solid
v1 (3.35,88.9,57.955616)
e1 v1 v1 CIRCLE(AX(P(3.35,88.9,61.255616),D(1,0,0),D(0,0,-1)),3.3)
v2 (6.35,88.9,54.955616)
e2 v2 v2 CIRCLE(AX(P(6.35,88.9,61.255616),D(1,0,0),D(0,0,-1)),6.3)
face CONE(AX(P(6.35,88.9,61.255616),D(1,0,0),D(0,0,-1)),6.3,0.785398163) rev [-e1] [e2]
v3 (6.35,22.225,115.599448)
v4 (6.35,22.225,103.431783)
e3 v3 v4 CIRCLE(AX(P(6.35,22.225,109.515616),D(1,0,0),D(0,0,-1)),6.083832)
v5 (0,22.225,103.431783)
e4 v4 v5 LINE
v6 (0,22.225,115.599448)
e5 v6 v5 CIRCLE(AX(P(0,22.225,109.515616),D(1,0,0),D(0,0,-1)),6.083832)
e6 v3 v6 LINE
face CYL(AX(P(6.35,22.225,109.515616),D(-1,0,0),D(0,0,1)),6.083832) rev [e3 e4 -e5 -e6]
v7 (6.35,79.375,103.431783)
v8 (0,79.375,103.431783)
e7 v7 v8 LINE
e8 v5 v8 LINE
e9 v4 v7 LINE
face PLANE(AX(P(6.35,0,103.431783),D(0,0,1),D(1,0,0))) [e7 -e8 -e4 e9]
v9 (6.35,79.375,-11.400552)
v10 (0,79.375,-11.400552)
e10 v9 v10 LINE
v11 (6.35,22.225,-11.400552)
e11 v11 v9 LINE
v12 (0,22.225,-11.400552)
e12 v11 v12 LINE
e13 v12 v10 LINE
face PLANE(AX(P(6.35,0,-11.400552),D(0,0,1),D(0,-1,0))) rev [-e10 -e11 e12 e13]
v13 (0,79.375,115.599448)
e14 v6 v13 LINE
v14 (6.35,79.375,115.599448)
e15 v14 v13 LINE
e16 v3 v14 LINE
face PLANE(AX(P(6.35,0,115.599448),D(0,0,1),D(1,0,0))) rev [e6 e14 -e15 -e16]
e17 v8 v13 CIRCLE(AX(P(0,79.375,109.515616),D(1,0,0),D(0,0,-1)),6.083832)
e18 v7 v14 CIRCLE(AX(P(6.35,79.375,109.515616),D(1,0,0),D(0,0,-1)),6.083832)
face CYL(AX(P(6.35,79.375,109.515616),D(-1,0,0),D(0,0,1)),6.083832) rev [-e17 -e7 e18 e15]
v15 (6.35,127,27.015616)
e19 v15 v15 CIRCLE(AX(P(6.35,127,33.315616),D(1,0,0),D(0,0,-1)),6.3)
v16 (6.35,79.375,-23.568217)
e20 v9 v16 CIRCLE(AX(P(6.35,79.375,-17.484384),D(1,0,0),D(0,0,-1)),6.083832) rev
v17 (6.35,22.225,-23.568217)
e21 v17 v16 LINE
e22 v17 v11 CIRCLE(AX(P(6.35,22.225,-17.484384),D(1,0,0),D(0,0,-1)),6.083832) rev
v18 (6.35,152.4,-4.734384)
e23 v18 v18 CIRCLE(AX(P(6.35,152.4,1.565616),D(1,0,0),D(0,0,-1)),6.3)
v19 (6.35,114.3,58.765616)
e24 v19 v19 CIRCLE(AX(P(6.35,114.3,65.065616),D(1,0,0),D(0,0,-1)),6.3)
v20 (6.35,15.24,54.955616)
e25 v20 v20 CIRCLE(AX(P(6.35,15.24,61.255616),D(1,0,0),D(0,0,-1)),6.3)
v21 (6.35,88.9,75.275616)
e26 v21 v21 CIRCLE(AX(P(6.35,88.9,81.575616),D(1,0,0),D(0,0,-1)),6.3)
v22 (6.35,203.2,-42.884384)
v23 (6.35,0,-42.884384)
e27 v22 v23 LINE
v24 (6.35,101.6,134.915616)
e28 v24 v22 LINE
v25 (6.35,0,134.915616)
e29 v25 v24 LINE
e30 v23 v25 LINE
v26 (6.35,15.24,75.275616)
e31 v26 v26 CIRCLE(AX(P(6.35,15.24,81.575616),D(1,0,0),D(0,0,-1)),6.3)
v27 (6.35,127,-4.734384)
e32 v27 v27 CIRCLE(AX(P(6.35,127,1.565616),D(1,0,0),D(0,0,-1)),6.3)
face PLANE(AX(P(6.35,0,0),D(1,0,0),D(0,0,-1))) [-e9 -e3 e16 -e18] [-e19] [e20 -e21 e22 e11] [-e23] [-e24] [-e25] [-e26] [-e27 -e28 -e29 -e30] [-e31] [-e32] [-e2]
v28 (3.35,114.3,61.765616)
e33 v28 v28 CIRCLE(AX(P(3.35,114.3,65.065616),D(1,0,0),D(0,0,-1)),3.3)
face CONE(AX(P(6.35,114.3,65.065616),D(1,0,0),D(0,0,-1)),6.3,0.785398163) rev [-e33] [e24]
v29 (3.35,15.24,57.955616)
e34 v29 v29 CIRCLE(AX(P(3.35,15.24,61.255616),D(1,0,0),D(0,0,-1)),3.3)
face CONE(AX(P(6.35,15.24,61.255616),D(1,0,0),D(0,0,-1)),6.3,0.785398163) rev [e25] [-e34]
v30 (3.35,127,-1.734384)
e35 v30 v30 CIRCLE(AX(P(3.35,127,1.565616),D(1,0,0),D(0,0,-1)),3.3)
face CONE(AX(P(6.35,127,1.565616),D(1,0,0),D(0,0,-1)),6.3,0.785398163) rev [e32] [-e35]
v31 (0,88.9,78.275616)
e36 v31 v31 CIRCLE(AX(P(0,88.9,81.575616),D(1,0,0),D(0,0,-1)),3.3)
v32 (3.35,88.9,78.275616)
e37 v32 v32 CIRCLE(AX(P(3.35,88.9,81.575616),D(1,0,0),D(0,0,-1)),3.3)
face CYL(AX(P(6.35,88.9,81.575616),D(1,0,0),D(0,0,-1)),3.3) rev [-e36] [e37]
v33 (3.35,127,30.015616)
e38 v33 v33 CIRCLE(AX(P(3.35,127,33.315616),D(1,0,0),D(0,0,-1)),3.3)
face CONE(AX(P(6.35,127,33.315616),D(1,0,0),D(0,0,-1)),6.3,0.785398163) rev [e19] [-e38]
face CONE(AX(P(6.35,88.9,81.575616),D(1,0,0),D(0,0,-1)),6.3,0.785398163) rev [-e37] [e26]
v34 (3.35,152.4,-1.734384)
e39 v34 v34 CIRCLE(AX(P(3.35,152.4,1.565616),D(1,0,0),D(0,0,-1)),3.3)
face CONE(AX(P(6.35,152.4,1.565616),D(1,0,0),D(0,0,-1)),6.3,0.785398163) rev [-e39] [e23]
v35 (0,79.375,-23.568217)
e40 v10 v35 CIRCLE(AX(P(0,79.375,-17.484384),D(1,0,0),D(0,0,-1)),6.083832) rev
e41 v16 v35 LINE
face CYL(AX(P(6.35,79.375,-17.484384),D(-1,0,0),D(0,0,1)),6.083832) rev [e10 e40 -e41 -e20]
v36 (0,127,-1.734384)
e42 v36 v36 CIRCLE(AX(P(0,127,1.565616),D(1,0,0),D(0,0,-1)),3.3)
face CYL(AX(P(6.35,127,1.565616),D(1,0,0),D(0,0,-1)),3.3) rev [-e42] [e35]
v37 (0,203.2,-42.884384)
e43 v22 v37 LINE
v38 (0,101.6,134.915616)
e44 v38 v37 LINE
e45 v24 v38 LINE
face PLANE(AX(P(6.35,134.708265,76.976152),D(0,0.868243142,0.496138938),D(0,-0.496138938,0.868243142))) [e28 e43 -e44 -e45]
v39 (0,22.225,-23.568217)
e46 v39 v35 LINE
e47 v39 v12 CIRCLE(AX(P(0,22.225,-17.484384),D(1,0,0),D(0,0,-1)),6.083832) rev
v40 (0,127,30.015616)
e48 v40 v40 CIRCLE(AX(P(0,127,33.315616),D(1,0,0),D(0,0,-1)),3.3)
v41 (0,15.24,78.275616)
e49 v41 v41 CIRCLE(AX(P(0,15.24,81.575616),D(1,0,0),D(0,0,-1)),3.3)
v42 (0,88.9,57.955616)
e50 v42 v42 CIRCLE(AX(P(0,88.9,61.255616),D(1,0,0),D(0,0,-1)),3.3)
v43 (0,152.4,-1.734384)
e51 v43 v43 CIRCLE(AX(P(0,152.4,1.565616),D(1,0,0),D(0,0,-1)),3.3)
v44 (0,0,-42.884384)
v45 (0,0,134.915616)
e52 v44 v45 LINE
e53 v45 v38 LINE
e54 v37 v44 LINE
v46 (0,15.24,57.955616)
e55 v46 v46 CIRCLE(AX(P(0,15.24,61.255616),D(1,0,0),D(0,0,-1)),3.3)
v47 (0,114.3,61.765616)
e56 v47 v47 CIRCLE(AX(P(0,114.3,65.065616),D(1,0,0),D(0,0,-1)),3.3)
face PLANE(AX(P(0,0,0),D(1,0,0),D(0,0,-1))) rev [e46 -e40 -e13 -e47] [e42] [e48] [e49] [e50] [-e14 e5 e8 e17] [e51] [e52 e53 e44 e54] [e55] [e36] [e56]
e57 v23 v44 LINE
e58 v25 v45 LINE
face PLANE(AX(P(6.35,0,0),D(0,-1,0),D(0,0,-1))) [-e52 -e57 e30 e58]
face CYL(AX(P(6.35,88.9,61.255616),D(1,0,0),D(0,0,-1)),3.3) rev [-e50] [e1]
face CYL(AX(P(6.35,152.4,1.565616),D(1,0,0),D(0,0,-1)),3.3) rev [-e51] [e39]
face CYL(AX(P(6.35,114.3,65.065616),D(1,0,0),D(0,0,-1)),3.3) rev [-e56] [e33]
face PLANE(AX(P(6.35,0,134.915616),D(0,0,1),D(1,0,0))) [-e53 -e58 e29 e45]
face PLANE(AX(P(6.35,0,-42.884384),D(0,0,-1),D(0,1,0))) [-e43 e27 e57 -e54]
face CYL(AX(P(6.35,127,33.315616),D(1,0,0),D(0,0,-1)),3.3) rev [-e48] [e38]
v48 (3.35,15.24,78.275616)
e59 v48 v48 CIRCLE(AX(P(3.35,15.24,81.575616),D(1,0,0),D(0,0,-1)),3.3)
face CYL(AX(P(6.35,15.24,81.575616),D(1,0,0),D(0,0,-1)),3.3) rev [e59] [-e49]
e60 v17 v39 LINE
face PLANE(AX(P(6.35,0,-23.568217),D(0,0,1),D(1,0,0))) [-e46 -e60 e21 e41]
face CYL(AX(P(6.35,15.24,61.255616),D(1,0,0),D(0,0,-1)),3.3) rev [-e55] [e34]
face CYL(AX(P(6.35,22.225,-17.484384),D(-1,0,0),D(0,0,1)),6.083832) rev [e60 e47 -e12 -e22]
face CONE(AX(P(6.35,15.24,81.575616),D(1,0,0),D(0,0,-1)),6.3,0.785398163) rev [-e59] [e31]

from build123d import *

# Parameters (mm, degrees)
BOSS_EXTRUDE1_DEPTH                             = 6.35
CSK_FOR_M6_FLAT_HEAD_MACHINE_SCREW1_D           = 6.6
CSK_FOR_M6_FLAT_HEAD_MACHINE_SCREW1_CSINK_D     = 12.6
CSK_FOR_M6_FLAT_HEAD_MACHINE_SCREW1_CSINK_ANGLE = 90
CSK_FOR_M6_FLAT_HEAD_MACHINE_SCREW2_D           = 6.6
CSK_FOR_M6_FLAT_HEAD_MACHINE_SCREW2_CSINK_D     = 12.6
CSK_FOR_M6_FLAT_HEAD_MACHINE_SCREW2_CSINK_ANGLE = 90


with BuildPart() as part:
    # Sketch2 → Boss-Extrude1 (new body)
    # profile 1 of 3: a face of its own
    with BuildSketch(Plane(origin=(0, 0, 0), x_dir=(0, 0, -1), z_dir=(1, 0, 0))):
        Polygon((-134.915615546, 101.6), (-134.915615546, 0), (-46.015615546, 0), (-46.015615546, 50.8), (-46.015615546, 101.6), align=None)
        with BuildLine():
            Line((-103.431783211, 79.375), (-103.431783211, 50.8))
            Line((-103.431783211, 50.8), (-103.431783211, 22.225))
            ThreePointArc((-103.431783211, 22.225), (-109.515615546, 16.141167665), (-115.599447882, 22.225))
            Line((-115.599447882, 22.225), (-115.599447882, 79.375))
            ThreePointArc((-115.599447882, 79.375), (-109.515615546, 85.458832335), (-103.431783211, 79.375))
        make_face(mode=Mode.SUBTRACT)
    # profile 2 of 3: a face of its own
    with BuildSketch(Plane(origin=(0, 0, 0), x_dir=(0, 0, -1), z_dir=(1, 0, 0))):
        Polygon((42.884384454, 203.2), (-134.915615546, 101.6), (-46.015615546, 101.6), (42.884384454, 101.6), align=None)
    # profile 3 of 3: a face of its own
    with BuildSketch(Plane(origin=(0, 0, 0), x_dir=(0, 0, -1), z_dir=(1, 0, 0))):
        Polygon((-46.015615546, 50.8), (-46.015615546, 0), (42.884384454, 0), (42.884384454, 101.6), (-46.015615546, 101.6), align=None)
        with BuildLine():
            Line((11.400552118, 22.225), (11.400552118, 50.8))
            Line((11.400552118, 50.8), (11.400552118, 79.375))
            ThreePointArc((11.400552118, 79.375), (17.484384454, 85.458832335), (23.568216789, 79.375))
            Line((23.568216789, 79.375), (23.568216789, 22.225))
            ThreePointArc((23.568216789, 22.225), (17.484384454, 16.141167665), (11.400552118, 22.225))
        make_face(mode=Mode.SUBTRACT)
    extrude(amount=BOSS_EXTRUDE1_DEPTH)

    # CSK for M6 Flat Head Machine Screw1 (through all)
    with Locations(Plane(origin=(6.35, 0, 0), x_dir=(0, 0, -1), z_dir=(1, 0, 0))):
        with Locations((-81.575615546, 15.24), (-81.575615546, 88.9), (-61.255615546, 88.9), (-61.255615546, 15.24)):
            CounterSinkHole(CSK_FOR_M6_FLAT_HEAD_MACHINE_SCREW1_D / 2, CSK_FOR_M6_FLAT_HEAD_MACHINE_SCREW1_CSINK_D / 2, counter_sink_angle=CSK_FOR_M6_FLAT_HEAD_MACHINE_SCREW1_CSINK_ANGLE)

    # CSK for M6 Flat Head Machine Screw2 (through all)
    with Locations(Plane(origin=(6.35, 0, 0), x_dir=(0, 0, -1), z_dir=(1, 0, 0))):
        with Locations((-65.065615546, 114.3), (-33.315615546, 127), (-1.565615546, 127), (-1.565615546, 152.4)):
            CounterSinkHole(CSK_FOR_M6_FLAT_HEAD_MACHINE_SCREW2_D / 2, CSK_FOR_M6_FLAT_HEAD_MACHINE_SCREW2_CSINK_D / 2, counter_sink_angle=CSK_FOR_M6_FLAT_HEAD_MACHINE_SCREW2_CSINK_ANGLE)


solid = part.part
